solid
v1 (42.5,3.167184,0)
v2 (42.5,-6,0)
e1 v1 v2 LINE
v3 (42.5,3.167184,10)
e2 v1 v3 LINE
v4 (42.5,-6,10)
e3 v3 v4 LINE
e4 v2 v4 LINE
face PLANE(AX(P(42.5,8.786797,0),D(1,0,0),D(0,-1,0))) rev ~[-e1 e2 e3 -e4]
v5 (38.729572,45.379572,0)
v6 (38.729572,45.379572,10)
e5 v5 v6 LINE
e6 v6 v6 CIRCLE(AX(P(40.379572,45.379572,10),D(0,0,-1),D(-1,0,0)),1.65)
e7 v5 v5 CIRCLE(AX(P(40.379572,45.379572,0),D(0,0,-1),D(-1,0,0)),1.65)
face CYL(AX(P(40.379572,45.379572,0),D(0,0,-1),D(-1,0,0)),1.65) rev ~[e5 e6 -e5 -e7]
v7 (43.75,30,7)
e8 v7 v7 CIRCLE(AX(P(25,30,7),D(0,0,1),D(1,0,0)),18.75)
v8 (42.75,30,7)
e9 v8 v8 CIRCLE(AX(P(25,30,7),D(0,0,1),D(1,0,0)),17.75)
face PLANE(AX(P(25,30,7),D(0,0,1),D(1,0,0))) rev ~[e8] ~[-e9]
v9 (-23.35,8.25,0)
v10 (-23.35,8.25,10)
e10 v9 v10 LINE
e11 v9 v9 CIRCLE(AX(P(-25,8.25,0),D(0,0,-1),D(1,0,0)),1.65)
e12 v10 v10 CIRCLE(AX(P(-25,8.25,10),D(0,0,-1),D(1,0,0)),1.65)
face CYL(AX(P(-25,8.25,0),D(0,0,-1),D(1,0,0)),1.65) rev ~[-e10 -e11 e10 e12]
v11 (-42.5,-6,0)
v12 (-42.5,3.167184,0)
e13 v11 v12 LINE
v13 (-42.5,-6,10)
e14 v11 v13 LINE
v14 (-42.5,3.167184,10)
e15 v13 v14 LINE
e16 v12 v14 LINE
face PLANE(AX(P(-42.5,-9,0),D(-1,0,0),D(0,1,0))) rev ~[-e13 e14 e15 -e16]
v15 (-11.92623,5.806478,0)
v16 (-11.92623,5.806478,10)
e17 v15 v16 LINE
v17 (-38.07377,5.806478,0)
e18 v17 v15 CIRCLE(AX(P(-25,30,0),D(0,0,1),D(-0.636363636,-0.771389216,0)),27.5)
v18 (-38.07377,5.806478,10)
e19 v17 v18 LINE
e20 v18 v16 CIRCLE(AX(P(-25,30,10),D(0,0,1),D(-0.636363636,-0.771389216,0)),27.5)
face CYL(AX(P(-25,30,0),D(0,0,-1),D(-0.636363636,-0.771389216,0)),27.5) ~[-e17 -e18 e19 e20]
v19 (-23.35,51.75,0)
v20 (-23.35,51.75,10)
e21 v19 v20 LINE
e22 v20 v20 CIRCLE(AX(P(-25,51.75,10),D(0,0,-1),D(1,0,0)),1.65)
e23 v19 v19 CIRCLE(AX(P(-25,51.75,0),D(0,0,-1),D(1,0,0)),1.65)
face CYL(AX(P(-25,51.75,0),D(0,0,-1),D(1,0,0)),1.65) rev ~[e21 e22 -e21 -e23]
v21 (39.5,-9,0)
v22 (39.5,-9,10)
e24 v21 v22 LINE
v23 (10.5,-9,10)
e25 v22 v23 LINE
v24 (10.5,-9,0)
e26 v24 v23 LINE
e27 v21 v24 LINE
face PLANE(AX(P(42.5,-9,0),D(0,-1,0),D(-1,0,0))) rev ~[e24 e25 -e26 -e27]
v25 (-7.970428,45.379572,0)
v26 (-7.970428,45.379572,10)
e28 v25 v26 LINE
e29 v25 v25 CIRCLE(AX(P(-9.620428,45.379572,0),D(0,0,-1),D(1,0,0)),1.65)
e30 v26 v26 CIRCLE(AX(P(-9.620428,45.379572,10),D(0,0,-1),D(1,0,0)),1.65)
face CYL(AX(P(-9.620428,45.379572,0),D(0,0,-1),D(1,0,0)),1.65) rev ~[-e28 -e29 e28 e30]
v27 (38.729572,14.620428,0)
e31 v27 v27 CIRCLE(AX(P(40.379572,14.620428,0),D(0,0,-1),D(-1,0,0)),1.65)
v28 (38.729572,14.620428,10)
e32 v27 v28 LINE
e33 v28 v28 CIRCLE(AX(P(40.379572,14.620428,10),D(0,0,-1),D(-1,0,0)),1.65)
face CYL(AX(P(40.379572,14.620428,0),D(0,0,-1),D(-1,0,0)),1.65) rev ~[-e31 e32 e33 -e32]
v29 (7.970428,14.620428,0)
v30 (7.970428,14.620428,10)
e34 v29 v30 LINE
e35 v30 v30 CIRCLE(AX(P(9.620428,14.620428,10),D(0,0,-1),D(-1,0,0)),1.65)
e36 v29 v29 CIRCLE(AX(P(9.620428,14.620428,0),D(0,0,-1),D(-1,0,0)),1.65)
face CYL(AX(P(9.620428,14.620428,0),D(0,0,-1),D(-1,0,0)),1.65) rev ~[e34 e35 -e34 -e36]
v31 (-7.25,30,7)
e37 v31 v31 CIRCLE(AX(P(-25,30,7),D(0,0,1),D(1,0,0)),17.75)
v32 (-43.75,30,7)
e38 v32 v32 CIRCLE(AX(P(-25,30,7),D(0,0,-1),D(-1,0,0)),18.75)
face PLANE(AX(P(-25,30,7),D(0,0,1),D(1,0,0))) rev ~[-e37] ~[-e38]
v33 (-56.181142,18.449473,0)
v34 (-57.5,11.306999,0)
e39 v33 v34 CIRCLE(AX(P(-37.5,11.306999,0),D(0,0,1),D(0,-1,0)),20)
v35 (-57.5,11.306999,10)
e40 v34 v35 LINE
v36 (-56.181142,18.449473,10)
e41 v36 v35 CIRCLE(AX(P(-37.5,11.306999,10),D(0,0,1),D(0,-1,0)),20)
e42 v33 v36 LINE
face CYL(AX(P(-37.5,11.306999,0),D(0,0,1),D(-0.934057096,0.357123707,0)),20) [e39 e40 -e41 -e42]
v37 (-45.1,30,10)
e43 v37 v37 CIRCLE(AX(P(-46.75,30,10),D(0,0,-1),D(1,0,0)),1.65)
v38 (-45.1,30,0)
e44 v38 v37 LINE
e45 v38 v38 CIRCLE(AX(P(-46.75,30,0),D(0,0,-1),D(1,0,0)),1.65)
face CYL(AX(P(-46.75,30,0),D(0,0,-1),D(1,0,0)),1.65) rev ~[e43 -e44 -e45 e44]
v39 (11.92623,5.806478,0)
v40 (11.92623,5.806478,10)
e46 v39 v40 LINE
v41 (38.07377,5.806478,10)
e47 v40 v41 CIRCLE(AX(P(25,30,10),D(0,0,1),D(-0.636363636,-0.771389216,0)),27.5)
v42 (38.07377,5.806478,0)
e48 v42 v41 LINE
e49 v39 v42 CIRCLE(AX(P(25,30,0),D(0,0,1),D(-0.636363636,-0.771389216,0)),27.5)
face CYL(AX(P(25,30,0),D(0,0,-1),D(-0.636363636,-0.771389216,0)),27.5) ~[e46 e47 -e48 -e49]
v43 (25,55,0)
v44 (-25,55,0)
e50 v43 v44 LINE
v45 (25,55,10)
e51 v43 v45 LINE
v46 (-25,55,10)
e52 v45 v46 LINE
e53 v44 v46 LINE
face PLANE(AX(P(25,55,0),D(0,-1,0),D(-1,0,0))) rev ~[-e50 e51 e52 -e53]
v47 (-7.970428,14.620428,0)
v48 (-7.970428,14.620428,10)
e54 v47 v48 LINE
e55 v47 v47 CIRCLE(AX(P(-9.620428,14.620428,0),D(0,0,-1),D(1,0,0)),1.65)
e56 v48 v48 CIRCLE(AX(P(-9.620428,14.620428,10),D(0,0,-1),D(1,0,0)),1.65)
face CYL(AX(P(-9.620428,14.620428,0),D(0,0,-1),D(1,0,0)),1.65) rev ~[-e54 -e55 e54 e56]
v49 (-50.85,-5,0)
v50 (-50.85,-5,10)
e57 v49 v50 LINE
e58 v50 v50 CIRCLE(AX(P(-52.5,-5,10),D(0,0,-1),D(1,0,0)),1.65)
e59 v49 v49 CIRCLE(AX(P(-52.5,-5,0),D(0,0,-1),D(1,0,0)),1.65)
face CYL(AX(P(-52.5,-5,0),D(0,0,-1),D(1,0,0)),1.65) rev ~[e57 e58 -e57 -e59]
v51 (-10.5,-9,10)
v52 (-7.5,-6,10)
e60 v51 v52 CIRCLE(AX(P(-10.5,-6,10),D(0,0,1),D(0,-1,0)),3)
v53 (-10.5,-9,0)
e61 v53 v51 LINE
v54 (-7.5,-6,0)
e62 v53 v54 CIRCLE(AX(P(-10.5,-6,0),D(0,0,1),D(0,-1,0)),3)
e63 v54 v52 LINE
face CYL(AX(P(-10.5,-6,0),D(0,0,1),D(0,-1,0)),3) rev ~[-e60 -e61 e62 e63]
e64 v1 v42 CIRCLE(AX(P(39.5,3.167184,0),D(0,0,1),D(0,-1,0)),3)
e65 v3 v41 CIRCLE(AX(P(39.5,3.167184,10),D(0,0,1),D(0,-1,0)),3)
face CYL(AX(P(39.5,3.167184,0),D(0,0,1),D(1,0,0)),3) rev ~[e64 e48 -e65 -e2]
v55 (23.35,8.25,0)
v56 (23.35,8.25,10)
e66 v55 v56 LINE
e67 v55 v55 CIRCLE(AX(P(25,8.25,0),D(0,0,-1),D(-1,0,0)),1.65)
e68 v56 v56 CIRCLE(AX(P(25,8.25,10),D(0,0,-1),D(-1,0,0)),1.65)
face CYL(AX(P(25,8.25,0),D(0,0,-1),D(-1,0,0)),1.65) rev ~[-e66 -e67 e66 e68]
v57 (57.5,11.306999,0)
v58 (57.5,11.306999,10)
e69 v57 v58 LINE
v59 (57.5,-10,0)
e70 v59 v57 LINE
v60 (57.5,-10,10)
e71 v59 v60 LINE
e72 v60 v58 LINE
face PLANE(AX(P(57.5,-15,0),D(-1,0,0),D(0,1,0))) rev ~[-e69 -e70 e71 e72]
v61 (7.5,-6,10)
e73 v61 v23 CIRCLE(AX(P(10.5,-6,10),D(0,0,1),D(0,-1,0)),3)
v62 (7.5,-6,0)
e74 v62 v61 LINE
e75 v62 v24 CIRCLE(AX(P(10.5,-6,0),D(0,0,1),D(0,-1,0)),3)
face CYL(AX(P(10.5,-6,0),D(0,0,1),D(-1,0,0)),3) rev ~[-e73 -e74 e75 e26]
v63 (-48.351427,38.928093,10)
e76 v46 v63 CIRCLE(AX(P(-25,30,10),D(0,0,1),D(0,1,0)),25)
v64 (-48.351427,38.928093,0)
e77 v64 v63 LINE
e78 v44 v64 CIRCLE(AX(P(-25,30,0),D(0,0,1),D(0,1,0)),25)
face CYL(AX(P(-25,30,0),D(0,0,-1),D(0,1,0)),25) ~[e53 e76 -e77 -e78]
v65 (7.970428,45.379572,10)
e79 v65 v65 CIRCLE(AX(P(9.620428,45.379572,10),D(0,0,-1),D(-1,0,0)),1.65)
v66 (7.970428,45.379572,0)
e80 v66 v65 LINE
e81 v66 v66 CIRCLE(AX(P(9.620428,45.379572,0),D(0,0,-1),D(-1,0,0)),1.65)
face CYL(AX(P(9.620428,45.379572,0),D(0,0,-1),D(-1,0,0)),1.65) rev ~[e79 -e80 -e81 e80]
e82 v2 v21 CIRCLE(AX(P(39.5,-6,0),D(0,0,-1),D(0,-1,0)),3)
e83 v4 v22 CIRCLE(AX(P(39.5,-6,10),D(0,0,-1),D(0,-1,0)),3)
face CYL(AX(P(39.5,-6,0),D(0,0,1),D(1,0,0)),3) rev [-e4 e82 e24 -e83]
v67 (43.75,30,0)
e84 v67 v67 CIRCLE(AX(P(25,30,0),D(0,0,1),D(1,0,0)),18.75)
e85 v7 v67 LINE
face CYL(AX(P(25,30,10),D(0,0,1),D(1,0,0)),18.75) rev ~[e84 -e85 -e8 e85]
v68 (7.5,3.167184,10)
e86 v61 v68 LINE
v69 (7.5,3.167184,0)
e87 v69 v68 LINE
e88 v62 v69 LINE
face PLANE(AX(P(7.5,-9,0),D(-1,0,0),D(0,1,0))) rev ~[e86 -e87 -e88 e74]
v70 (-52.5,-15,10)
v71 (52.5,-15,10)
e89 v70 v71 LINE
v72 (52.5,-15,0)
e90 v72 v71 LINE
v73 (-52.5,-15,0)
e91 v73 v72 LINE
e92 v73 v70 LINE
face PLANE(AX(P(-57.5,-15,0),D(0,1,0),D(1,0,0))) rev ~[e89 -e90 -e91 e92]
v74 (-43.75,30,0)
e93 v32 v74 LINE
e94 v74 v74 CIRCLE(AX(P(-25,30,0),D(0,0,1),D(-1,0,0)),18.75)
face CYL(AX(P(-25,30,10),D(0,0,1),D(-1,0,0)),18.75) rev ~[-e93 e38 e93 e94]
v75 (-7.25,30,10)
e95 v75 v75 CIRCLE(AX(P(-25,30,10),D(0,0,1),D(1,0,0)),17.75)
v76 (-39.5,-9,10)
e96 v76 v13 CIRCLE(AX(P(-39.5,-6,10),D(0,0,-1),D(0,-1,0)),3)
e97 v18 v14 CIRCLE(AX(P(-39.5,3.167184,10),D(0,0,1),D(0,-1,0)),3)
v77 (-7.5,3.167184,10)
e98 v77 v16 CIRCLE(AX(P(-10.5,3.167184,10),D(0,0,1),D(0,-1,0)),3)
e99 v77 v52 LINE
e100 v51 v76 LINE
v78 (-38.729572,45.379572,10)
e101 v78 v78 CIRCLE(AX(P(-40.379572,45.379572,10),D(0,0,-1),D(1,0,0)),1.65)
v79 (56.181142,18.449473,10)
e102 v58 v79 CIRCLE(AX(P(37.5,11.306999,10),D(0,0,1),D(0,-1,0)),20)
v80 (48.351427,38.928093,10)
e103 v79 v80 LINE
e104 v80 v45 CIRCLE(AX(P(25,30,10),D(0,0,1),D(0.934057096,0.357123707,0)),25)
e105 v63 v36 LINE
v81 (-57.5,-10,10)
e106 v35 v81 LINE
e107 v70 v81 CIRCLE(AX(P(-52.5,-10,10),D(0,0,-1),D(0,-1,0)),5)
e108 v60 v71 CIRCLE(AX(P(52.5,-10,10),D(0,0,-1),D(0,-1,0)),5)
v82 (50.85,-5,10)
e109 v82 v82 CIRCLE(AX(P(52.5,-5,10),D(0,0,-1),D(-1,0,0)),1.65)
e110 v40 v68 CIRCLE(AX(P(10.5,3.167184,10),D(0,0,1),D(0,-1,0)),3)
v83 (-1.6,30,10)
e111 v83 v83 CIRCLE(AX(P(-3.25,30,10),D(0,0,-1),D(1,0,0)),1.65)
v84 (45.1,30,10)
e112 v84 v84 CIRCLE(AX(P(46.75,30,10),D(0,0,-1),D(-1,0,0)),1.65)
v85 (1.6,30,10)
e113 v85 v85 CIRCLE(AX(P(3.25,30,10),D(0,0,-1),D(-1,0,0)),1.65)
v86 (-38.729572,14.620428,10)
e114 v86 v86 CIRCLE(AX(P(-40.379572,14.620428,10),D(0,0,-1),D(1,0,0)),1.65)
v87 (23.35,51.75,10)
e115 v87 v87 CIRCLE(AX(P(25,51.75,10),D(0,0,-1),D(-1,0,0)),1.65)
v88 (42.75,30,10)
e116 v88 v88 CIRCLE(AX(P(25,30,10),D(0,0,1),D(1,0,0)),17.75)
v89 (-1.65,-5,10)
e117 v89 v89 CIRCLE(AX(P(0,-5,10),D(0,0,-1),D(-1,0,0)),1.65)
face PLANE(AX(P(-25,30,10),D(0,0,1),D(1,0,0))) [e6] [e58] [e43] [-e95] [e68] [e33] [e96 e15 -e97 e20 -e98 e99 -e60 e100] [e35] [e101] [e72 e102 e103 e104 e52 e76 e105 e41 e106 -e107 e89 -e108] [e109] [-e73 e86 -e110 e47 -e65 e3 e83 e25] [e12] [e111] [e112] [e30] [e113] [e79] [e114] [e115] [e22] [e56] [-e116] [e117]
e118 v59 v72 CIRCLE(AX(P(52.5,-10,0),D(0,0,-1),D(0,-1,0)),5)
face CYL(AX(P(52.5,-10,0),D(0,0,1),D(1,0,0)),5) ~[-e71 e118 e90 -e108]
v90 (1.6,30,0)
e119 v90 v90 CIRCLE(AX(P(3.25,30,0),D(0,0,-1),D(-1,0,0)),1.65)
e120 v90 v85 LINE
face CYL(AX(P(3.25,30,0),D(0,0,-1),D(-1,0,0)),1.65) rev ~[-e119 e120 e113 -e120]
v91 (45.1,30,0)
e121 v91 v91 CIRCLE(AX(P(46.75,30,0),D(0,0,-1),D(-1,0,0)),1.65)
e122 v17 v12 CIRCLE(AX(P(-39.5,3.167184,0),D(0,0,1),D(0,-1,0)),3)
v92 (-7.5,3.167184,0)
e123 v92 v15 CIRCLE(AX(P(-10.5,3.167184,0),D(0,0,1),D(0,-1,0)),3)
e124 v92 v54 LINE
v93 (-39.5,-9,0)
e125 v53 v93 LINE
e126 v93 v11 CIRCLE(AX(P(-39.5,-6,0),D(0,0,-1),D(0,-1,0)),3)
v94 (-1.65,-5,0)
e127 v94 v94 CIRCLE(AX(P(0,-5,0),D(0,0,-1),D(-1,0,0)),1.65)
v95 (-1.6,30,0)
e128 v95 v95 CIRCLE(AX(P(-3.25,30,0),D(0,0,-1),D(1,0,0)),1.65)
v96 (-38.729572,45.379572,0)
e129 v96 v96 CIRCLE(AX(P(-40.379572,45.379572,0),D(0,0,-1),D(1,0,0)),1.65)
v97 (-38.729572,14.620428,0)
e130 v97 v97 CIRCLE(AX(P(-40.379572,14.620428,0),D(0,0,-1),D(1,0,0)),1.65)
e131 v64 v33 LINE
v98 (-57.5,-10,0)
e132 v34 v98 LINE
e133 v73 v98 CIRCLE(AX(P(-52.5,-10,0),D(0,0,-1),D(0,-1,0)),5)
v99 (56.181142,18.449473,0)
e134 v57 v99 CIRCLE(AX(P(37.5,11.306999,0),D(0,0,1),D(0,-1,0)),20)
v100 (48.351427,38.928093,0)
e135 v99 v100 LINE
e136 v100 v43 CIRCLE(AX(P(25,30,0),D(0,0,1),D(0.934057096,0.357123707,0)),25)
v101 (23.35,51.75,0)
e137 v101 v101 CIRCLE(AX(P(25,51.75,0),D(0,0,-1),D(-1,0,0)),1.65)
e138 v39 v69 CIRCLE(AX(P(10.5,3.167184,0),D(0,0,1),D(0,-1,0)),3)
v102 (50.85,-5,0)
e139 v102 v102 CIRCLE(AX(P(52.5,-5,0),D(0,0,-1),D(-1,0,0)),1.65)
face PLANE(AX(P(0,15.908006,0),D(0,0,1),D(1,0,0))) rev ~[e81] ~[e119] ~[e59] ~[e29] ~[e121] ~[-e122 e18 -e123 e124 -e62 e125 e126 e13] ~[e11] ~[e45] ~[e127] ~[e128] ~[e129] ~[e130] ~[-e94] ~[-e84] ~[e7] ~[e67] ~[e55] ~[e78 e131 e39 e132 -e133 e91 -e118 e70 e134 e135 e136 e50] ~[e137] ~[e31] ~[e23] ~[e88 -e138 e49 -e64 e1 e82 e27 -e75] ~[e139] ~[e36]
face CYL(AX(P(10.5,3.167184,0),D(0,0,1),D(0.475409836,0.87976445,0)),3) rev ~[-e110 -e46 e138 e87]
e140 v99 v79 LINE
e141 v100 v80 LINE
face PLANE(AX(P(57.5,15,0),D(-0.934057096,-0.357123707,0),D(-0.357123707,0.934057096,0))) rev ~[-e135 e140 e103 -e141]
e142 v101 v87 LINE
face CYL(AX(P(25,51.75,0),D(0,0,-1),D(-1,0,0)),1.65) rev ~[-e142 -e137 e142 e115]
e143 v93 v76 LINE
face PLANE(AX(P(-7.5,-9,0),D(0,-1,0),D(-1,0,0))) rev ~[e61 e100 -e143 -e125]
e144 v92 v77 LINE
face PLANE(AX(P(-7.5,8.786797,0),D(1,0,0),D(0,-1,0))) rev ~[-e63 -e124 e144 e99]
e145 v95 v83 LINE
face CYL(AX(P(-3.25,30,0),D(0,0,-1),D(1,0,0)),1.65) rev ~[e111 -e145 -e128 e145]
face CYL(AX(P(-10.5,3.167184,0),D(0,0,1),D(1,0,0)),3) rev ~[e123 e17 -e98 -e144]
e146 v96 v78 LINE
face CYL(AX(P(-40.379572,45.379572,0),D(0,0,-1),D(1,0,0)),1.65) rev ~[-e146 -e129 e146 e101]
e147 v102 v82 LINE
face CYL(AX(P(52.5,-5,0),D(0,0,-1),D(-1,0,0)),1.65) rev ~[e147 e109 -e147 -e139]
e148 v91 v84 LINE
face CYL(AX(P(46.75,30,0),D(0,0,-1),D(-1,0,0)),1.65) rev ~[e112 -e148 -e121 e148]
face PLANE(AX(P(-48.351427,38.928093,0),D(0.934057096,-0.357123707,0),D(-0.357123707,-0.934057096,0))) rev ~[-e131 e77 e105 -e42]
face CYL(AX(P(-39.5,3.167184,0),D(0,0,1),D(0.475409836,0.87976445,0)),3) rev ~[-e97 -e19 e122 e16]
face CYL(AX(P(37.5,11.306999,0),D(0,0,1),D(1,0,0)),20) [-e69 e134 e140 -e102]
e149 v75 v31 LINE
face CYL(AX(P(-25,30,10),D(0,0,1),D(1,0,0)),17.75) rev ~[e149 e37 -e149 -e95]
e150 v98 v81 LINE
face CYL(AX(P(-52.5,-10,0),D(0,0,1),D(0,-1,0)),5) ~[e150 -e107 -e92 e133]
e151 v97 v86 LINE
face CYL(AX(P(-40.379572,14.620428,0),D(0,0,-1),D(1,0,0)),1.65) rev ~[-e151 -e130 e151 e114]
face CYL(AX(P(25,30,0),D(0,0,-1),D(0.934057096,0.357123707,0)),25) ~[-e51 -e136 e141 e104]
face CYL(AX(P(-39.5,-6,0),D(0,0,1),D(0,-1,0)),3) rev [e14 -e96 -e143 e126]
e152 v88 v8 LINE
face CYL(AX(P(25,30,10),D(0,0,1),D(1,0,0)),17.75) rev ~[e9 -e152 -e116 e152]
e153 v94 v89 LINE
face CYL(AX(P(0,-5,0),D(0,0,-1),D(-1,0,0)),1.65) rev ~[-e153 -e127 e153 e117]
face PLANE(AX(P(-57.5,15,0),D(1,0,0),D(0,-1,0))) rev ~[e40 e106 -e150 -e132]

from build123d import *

# Parameters (mm, degrees)
EXTRUDE_1_DEPTH     = 10
FILLET_1_R          = 20
SKETCH_2_R          = 18.75
CUT_EXTRUDE_1_DEPTH = 81.195074662
SKETCH_5_R          = 1.65
CUT_EXTRUDE_4_DEPTH = 81.195074662
SKETCH_6_R          = 1.65
CUT_EXTRUDE_5_DEPTH = 81.195074662
SKETCH_7_R          = 18.75
SKETCH_7_R_2        = 17.75
EXTRUDE_2_DEPTH     = 3
CUT_EXTRUDE_6_DEPTH = 10
FILLET_5_R          = 5
FILLET_6_R          = 3


with BuildPart() as part:
    # ｽｹｯﾁ1 → ﾎﾞｽ - 押し出し1 (new body)
    with BuildSketch(Plane.XY):
        with BuildLine():
            Line((57.5, -15), (57.5, 15))
            Line((57.5, 15), (48.35142739, 38.928092678))
            ThreePointArc((48.35142739, 38.928092678), (39.173878846, 50.59371648), (25, 55))
            Line((25, 55), (-25, 55))
            ThreePointArc((-25, 55), (-39.173878846, 50.59371648), (-48.35142739, 38.928092678))
            Line((-48.35142739, 38.928092678), (-57.5, 15))
            Line((-57.5, 15), (-57.5, -15))
            Line((-57.5, -15), (57.5, -15))
        make_face()
    extrude(amount=EXTRUDE_1_DEPTH)

    # ﾌｨﾚｯﾄ1
    fillet_1_edges = [part.edges().sort_by_distance(p)[0] for p in [
        (57.5, 15, 5),
        (-57.5, 15, 5),
    ]]
    fillet(fillet_1_edges, radius=FILLET_1_R)

    # ｽｹｯﾁ2 → ｶｯﾄ - 押し出し1 (cut, through all)
    with BuildSketch(Plane.XY.offset(10)):
        with Locations((25, 30)):
            Circle(SKETCH_2_R)
        with Locations(Location((-25, 30, 0), (0, 0, 180))):
            Circle(SKETCH_2_R)
    extrude(amount=-CUT_EXTRUDE_1_DEPTH, mode=Mode.SUBTRACT)

    # ｽｹｯﾁ5 → ｶｯﾄ - 押し出し4 (cut, through all)
    with BuildSketch(Plane(origin=(0, 0, 0), x_dir=(-1, 0, 0), z_dir=(0, 0, -1))):
        with Locations((-25, 51.75)):
            Circle(SKETCH_5_R)
        with Locations((-9.620427509, 45.379572491)):
            Circle(SKETCH_5_R)
        with Locations((-3.25, 30)):
            Circle(SKETCH_5_R)
        with Locations((-9.620427509, 14.620427509)):
            Circle(SKETCH_5_R)
        with Locations((-25, 8.25)):
            Circle(SKETCH_5_R)
        with Locations((-40.379572491, 14.620427509)):
            Circle(SKETCH_5_R)
        with Locations((-46.75, 30)):
            Circle(SKETCH_5_R)
        with Locations((-40.379572491, 45.379572491)):
            Circle(SKETCH_5_R)
        with Locations(Location((40.379572491, 45.379572491, 0), (0, 0, 180))):
            Circle(SKETCH_5_R)
        with Locations(Location((46.75, 30, 0), (0, 0, 180))):
            Circle(SKETCH_5_R)
        with Locations(Location((40.379572491, 14.620427509, 0), (0, 0, 180))):
            Circle(SKETCH_5_R)
        with Locations(Location((25, 8.25, 0), (0, 0, 180))):
            Circle(SKETCH_5_R)
        with Locations(Location((9.620427509, 14.620427509, 0), (0, 0, 180))):
            Circle(SKETCH_5_R)
        with Locations(Location((3.25, 30, 0), (0, 0, 180))):
            Circle(SKETCH_5_R)
        with Locations(Location((9.620427509, 45.379572491, 0), (0, 0, 180))):
            Circle(SKETCH_5_R)
        with Locations(Location((25, 51.75, 0), (0, 0, 180))):
            Circle(SKETCH_5_R)
    extrude(amount=-CUT_EXTRUDE_4_DEPTH, mode=Mode.SUBTRACT)

    # ｽｹｯﾁ6 → ｶｯﾄ - 押し出し5 (cut, through all)
    with BuildSketch(Plane(origin=(0, 0, 0), x_dir=(-1, 0, 0), z_dir=(0, 0, -1))):
        with Locations((-52.5, -5)):
            Circle(SKETCH_6_R)
        with Locations(Location((52.5, -5, 0), (0, 0, 180))):
            Circle(SKETCH_6_R)
        with Locations((0, -5)):
            Circle(SKETCH_6_R)
    extrude(amount=-CUT_EXTRUDE_5_DEPTH, mode=Mode.SUBTRACT)

    # ｽｹｯﾁ7 → ﾎﾞｽ - 押し出し2 (add)
    # profile 1 of 2: a face of its own
    with BuildSketch(Plane.XY.offset(10)):
        with Locations((-25, 30)):
            Circle(SKETCH_7_R)
        with Locations((-25, 30)):
            Circle(SKETCH_7_R_2, mode=Mode.SUBTRACT)
    # profile 2 of 2: a face of its own
    with BuildSketch(Plane.XY.offset(10)):
        with Locations((25, 30)):
            Circle(SKETCH_7_R)
        with Locations((25, 30)):
            Circle(SKETCH_7_R_2, mode=Mode.SUBTRACT)
    extrude(amount=-EXTRUDE_2_DEPTH)

    # ｽｹｯﾁ8 → ｶｯﾄ - 押し出し6 (cut)
    with BuildSketch(Plane(origin=(0, 0, 0), x_dir=(-1, 0, 0), z_dir=(0, 0, -1))):
        with BuildLine():
            Line((-42.5, -9), (-7.5, -9))
            Line((-7.5, -9), (-7.5, 8.786796564))
            ThreePointArc((-7.5, 8.786796564), (-25, 2.5), (-42.5, 8.786796564))
            Line((-42.5, 8.786796564), (-42.5, -9))
        make_face()
        with BuildLine():
            Line((42.5, -9), (42.5, 8.786796564))
            ThreePointArc((42.5, 8.786796564), (25, 2.5), (7.5, 8.786796564))
            Line((7.5, 8.786796564), (7.5, -9))
            Line((7.5, -9), (42.5, -9))
        make_face()
    extrude(amount=-CUT_EXTRUDE_6_DEPTH, mode=Mode.SUBTRACT)

    # ﾌｨﾚｯﾄ5
    fillet_5_edges = [part.edges().sort_by_distance(p)[0] for p in [
        (57.5, -15, 5),
        (-57.5, -15, 5),
    ]]
    fillet(fillet_5_edges, radius=FILLET_5_R)

    # ﾌｨﾚｯﾄ6
    fillet_6_edges = [part.edges().sort_by_distance(p)[0] for p in [
        (7.5, -9, 5),
        (7.5, 8.786796564, 5),
        (42.5, 8.786796564, 5),
        (42.5, -9, 5),
        (-42.5, 8.786796564, 5),
        (-7.5, 8.786796564, 5),
        (-7.5, -9, 5),
        (-42.5, -9, 5),
    ]]
    fillet(fillet_6_edges, radius=FILLET_6_R)


solid = part.part
